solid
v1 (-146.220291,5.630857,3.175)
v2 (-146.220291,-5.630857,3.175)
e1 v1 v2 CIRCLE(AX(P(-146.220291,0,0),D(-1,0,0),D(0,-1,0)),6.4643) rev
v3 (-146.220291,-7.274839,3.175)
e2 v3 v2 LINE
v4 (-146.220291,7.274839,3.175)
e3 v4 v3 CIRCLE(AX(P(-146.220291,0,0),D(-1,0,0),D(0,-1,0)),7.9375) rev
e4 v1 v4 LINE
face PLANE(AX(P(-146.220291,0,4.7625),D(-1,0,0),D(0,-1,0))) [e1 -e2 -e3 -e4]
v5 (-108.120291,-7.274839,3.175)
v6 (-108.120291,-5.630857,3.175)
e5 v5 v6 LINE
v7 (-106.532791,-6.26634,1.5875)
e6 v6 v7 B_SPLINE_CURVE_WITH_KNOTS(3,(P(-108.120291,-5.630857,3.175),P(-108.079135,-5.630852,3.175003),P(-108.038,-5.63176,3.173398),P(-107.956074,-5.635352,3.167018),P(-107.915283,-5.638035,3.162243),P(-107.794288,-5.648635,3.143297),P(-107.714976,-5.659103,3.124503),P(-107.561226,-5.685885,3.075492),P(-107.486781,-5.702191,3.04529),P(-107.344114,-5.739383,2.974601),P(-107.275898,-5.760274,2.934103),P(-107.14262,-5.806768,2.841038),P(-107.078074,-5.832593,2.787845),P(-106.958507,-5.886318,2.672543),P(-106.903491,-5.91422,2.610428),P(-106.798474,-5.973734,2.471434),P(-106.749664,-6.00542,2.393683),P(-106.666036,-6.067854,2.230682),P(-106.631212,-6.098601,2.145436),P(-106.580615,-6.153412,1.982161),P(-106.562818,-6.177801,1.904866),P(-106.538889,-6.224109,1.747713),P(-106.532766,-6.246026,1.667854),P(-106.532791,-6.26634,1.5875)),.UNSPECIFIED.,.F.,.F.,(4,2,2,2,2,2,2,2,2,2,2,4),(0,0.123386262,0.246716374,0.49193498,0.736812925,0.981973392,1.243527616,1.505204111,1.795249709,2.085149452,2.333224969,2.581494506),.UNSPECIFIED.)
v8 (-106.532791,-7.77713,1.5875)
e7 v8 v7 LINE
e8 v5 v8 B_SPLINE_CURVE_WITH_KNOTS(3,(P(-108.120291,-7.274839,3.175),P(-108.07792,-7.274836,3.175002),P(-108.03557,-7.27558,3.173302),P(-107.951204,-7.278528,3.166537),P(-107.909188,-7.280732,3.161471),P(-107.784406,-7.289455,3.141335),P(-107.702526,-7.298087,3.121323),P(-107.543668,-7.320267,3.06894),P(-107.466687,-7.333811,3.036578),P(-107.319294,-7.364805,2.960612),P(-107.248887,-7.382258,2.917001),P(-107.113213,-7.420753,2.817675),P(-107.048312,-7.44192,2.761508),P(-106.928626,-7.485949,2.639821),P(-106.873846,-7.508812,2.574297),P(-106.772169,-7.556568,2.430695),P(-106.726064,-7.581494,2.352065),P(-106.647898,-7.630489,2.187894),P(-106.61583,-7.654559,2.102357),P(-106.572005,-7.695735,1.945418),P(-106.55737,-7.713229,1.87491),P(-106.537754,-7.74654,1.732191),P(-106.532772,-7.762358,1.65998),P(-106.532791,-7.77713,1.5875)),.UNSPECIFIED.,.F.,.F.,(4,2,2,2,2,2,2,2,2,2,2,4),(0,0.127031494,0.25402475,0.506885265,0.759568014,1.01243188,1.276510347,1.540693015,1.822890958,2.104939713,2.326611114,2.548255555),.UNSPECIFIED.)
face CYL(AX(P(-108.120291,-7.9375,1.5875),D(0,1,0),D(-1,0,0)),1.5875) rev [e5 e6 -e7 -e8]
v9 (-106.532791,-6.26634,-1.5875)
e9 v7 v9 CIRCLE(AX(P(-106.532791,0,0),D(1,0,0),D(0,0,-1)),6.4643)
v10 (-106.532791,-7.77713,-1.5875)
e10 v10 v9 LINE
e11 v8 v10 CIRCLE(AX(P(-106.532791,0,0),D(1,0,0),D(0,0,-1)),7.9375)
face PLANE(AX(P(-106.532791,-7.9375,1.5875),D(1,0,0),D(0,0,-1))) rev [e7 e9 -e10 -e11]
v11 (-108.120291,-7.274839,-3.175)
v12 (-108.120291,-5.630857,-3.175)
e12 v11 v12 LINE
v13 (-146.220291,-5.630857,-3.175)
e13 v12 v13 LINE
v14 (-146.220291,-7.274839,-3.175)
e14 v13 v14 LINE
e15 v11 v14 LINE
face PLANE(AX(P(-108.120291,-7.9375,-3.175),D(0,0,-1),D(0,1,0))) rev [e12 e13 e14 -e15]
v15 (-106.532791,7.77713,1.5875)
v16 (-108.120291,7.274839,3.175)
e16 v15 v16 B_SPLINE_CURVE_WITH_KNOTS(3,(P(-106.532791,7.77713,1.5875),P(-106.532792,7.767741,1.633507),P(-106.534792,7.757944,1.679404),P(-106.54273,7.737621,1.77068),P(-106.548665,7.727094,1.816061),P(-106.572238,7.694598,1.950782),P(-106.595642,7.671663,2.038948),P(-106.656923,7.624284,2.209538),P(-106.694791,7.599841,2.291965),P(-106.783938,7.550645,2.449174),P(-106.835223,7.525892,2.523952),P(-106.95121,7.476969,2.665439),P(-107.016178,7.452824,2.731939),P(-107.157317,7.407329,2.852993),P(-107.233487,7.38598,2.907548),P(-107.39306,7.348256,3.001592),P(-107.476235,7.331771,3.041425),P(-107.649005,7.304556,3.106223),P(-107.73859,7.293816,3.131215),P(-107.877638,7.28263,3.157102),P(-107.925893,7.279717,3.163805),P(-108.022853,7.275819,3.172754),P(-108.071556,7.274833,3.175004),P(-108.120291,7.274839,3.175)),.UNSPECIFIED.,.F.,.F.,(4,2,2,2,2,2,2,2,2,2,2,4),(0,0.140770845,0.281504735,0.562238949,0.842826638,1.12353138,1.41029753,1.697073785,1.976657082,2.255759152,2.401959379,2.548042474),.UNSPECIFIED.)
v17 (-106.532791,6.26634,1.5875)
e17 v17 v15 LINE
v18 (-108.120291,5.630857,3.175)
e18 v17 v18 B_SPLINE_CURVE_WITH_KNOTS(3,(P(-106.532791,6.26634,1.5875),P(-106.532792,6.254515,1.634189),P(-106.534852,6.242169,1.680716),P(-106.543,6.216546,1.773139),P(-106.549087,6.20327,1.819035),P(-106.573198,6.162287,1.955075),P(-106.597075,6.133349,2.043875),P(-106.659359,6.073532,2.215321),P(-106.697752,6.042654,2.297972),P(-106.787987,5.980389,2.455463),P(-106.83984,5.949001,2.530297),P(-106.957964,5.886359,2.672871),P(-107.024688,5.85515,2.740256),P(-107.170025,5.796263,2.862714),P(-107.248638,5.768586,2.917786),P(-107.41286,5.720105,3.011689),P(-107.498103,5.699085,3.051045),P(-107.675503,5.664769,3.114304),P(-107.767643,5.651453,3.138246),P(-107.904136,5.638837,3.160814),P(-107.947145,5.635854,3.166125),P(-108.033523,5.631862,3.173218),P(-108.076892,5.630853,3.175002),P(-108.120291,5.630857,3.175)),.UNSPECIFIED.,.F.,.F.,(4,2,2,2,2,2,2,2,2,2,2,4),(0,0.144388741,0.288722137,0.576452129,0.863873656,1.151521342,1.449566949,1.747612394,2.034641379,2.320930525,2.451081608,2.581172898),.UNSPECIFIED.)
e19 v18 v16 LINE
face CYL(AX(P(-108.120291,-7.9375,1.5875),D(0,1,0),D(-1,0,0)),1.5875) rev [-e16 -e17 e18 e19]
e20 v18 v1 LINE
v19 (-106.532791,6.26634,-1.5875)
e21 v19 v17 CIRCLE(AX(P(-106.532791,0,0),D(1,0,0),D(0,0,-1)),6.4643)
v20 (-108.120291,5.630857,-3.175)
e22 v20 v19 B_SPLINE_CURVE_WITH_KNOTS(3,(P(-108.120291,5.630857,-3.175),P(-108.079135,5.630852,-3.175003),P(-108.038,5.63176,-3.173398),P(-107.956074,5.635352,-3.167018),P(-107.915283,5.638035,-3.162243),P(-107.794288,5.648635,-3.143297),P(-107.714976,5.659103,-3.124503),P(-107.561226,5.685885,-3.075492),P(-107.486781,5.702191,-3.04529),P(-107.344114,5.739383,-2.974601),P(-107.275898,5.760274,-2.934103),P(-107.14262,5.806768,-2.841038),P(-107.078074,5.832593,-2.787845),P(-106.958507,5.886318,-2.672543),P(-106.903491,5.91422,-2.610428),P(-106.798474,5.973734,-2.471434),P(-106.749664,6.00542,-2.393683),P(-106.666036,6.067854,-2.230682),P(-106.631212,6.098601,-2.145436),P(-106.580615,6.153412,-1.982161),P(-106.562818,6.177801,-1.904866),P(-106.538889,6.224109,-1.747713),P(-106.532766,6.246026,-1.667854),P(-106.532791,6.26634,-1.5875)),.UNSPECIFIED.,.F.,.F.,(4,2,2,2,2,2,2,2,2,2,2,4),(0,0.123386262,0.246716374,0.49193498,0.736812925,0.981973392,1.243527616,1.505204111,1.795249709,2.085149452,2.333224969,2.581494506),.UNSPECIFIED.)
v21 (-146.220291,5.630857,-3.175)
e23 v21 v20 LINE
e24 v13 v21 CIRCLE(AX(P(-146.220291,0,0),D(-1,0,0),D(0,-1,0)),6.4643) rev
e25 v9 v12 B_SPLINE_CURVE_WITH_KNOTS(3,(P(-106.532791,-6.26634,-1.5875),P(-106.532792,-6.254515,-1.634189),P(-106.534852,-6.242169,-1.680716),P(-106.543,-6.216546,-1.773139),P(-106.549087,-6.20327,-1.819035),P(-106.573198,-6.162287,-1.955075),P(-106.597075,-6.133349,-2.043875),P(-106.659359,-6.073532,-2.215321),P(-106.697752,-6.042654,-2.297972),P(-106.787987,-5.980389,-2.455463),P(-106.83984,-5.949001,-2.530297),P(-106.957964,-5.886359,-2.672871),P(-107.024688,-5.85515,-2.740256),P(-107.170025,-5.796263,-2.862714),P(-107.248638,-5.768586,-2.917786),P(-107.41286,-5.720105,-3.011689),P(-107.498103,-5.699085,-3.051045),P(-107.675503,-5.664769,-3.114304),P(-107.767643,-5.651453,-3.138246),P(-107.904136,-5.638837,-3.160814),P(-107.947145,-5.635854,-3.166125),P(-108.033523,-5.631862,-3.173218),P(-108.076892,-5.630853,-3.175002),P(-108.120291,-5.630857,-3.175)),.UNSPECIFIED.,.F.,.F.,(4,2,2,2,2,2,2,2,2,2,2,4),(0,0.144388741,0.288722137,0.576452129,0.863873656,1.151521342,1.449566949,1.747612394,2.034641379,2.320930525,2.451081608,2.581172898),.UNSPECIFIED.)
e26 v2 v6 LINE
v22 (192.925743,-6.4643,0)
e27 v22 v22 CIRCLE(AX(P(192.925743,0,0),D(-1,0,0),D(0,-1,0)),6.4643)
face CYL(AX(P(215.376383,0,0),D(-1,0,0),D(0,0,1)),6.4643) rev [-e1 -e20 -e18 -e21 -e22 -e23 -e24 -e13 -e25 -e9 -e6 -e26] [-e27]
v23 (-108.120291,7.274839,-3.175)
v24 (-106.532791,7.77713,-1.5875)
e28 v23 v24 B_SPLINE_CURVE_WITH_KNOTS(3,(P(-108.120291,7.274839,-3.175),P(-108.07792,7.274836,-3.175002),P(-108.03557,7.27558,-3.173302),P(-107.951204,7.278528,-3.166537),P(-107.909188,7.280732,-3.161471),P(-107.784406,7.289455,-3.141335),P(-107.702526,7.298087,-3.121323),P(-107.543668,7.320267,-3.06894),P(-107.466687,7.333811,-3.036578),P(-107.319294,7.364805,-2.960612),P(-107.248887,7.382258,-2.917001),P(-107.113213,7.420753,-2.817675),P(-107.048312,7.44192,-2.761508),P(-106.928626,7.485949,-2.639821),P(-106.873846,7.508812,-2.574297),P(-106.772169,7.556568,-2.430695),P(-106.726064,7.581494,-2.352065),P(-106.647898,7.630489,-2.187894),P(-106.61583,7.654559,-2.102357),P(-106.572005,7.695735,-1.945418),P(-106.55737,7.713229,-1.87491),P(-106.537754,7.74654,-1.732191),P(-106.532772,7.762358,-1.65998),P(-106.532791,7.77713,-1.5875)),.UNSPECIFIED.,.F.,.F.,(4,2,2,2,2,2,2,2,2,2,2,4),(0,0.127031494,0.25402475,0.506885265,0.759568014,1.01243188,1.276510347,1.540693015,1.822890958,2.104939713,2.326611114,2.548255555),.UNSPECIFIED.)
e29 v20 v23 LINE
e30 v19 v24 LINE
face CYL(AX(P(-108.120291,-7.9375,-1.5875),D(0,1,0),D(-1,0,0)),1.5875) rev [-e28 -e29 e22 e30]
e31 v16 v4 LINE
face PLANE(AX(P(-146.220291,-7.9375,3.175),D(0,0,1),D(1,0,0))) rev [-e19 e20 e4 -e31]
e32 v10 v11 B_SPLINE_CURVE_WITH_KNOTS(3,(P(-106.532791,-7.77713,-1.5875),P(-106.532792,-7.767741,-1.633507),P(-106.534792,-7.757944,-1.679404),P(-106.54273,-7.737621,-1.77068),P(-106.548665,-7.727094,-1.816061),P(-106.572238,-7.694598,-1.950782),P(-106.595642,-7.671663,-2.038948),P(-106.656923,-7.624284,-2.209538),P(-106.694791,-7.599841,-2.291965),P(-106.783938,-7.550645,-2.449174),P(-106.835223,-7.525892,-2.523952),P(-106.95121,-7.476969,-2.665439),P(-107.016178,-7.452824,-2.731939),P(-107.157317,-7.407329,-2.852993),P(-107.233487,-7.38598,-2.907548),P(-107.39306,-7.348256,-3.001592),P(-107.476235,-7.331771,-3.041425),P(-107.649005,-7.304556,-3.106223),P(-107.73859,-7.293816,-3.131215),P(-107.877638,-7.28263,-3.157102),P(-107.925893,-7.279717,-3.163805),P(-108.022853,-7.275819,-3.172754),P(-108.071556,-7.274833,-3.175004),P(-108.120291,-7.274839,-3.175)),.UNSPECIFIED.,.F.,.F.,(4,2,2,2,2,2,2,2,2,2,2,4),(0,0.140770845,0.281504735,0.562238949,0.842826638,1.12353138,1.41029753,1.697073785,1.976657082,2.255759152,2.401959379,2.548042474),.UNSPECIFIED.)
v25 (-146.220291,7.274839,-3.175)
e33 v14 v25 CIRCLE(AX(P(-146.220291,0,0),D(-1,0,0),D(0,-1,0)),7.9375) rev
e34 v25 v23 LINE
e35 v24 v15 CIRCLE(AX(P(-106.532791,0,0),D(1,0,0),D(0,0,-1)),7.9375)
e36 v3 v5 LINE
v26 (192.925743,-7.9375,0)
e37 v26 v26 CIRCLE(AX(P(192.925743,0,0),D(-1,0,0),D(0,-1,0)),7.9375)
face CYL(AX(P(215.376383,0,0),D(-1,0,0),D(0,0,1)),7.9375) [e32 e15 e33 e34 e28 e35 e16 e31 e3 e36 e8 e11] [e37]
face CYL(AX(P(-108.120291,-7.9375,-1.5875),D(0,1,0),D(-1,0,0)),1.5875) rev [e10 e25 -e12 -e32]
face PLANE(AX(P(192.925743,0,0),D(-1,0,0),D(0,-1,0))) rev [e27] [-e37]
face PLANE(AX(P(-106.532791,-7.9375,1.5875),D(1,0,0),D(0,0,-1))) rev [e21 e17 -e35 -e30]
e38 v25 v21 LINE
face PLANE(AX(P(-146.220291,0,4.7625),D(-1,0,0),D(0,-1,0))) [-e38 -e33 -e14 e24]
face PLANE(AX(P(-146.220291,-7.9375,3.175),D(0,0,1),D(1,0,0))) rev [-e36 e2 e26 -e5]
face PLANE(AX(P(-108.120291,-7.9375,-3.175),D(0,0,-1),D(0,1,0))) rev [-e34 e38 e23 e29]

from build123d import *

# Parameters (mm, degrees)
BOSS_EXTRUDE1_DEPTH      = 192.925743
BOSS_EXTRUDE1_DEPTH_BACK = 146.220291
SKETCH1_R                = 7.9375
SKETCH1_R_2              = 6.4643
CUT_EXTRUDE1_DEPTH       = 331.187461377


with BuildPart() as part:
    # Sketch1 → Boss-Extrude1 (new, two sides: drawn at the far end of the back side and taken through both)
    with BuildSketch(Plane(origin=(0, 0, 0), x_dir=(0, 0, -1), z_dir=(1, 0, 0)).offset(-BOSS_EXTRUDE1_DEPTH_BACK)):
        with Locations(Location((0, 0, 0), (0, 0, 180))):
            Circle(SKETCH1_R)
        with Locations(Location((0, 0, 0), (0, 0, 180))):
            Circle(SKETCH1_R_2, mode=Mode.SUBTRACT)
    extrude(amount=BOSS_EXTRUDE1_DEPTH + BOSS_EXTRUDE1_DEPTH_BACK)

    # Sketch2 → Cut-Extrude1 (cut, through all)
    with BuildSketch(Plane(origin=(179.090362215, 7.9375, -46.327801352), x_dir=(0.11485518524691138, 0, -0.9933822458761269), z_dir=(0, 1, 0))):
        with BuildLine():
            Line((-86.538819377, 317.472174359), (-82.162836819, 279.624310791))
            ThreePointArc((-82.162836819, 279.624310791), (-81.572017256, 278.562611401), (-80.403509897, 278.229649083))
            Line((-80.403509897, 278.229649083), (-77.249521267, 278.594314296))
            ThreePointArc((-77.249521267, 278.594314296), (-76.187821877, 279.185133859), (-75.854859558, 280.353641218))
            Line((-75.854859558, 280.353641218), (-80.230842116, 318.201504786))
            Line((-80.230842116, 318.201504786), (-86.538819377, 317.472174359))
        make_face()
    extrude(amount=-CUT_EXTRUDE1_DEPTH, mode=Mode.SUBTRACT)


solid = part.part
